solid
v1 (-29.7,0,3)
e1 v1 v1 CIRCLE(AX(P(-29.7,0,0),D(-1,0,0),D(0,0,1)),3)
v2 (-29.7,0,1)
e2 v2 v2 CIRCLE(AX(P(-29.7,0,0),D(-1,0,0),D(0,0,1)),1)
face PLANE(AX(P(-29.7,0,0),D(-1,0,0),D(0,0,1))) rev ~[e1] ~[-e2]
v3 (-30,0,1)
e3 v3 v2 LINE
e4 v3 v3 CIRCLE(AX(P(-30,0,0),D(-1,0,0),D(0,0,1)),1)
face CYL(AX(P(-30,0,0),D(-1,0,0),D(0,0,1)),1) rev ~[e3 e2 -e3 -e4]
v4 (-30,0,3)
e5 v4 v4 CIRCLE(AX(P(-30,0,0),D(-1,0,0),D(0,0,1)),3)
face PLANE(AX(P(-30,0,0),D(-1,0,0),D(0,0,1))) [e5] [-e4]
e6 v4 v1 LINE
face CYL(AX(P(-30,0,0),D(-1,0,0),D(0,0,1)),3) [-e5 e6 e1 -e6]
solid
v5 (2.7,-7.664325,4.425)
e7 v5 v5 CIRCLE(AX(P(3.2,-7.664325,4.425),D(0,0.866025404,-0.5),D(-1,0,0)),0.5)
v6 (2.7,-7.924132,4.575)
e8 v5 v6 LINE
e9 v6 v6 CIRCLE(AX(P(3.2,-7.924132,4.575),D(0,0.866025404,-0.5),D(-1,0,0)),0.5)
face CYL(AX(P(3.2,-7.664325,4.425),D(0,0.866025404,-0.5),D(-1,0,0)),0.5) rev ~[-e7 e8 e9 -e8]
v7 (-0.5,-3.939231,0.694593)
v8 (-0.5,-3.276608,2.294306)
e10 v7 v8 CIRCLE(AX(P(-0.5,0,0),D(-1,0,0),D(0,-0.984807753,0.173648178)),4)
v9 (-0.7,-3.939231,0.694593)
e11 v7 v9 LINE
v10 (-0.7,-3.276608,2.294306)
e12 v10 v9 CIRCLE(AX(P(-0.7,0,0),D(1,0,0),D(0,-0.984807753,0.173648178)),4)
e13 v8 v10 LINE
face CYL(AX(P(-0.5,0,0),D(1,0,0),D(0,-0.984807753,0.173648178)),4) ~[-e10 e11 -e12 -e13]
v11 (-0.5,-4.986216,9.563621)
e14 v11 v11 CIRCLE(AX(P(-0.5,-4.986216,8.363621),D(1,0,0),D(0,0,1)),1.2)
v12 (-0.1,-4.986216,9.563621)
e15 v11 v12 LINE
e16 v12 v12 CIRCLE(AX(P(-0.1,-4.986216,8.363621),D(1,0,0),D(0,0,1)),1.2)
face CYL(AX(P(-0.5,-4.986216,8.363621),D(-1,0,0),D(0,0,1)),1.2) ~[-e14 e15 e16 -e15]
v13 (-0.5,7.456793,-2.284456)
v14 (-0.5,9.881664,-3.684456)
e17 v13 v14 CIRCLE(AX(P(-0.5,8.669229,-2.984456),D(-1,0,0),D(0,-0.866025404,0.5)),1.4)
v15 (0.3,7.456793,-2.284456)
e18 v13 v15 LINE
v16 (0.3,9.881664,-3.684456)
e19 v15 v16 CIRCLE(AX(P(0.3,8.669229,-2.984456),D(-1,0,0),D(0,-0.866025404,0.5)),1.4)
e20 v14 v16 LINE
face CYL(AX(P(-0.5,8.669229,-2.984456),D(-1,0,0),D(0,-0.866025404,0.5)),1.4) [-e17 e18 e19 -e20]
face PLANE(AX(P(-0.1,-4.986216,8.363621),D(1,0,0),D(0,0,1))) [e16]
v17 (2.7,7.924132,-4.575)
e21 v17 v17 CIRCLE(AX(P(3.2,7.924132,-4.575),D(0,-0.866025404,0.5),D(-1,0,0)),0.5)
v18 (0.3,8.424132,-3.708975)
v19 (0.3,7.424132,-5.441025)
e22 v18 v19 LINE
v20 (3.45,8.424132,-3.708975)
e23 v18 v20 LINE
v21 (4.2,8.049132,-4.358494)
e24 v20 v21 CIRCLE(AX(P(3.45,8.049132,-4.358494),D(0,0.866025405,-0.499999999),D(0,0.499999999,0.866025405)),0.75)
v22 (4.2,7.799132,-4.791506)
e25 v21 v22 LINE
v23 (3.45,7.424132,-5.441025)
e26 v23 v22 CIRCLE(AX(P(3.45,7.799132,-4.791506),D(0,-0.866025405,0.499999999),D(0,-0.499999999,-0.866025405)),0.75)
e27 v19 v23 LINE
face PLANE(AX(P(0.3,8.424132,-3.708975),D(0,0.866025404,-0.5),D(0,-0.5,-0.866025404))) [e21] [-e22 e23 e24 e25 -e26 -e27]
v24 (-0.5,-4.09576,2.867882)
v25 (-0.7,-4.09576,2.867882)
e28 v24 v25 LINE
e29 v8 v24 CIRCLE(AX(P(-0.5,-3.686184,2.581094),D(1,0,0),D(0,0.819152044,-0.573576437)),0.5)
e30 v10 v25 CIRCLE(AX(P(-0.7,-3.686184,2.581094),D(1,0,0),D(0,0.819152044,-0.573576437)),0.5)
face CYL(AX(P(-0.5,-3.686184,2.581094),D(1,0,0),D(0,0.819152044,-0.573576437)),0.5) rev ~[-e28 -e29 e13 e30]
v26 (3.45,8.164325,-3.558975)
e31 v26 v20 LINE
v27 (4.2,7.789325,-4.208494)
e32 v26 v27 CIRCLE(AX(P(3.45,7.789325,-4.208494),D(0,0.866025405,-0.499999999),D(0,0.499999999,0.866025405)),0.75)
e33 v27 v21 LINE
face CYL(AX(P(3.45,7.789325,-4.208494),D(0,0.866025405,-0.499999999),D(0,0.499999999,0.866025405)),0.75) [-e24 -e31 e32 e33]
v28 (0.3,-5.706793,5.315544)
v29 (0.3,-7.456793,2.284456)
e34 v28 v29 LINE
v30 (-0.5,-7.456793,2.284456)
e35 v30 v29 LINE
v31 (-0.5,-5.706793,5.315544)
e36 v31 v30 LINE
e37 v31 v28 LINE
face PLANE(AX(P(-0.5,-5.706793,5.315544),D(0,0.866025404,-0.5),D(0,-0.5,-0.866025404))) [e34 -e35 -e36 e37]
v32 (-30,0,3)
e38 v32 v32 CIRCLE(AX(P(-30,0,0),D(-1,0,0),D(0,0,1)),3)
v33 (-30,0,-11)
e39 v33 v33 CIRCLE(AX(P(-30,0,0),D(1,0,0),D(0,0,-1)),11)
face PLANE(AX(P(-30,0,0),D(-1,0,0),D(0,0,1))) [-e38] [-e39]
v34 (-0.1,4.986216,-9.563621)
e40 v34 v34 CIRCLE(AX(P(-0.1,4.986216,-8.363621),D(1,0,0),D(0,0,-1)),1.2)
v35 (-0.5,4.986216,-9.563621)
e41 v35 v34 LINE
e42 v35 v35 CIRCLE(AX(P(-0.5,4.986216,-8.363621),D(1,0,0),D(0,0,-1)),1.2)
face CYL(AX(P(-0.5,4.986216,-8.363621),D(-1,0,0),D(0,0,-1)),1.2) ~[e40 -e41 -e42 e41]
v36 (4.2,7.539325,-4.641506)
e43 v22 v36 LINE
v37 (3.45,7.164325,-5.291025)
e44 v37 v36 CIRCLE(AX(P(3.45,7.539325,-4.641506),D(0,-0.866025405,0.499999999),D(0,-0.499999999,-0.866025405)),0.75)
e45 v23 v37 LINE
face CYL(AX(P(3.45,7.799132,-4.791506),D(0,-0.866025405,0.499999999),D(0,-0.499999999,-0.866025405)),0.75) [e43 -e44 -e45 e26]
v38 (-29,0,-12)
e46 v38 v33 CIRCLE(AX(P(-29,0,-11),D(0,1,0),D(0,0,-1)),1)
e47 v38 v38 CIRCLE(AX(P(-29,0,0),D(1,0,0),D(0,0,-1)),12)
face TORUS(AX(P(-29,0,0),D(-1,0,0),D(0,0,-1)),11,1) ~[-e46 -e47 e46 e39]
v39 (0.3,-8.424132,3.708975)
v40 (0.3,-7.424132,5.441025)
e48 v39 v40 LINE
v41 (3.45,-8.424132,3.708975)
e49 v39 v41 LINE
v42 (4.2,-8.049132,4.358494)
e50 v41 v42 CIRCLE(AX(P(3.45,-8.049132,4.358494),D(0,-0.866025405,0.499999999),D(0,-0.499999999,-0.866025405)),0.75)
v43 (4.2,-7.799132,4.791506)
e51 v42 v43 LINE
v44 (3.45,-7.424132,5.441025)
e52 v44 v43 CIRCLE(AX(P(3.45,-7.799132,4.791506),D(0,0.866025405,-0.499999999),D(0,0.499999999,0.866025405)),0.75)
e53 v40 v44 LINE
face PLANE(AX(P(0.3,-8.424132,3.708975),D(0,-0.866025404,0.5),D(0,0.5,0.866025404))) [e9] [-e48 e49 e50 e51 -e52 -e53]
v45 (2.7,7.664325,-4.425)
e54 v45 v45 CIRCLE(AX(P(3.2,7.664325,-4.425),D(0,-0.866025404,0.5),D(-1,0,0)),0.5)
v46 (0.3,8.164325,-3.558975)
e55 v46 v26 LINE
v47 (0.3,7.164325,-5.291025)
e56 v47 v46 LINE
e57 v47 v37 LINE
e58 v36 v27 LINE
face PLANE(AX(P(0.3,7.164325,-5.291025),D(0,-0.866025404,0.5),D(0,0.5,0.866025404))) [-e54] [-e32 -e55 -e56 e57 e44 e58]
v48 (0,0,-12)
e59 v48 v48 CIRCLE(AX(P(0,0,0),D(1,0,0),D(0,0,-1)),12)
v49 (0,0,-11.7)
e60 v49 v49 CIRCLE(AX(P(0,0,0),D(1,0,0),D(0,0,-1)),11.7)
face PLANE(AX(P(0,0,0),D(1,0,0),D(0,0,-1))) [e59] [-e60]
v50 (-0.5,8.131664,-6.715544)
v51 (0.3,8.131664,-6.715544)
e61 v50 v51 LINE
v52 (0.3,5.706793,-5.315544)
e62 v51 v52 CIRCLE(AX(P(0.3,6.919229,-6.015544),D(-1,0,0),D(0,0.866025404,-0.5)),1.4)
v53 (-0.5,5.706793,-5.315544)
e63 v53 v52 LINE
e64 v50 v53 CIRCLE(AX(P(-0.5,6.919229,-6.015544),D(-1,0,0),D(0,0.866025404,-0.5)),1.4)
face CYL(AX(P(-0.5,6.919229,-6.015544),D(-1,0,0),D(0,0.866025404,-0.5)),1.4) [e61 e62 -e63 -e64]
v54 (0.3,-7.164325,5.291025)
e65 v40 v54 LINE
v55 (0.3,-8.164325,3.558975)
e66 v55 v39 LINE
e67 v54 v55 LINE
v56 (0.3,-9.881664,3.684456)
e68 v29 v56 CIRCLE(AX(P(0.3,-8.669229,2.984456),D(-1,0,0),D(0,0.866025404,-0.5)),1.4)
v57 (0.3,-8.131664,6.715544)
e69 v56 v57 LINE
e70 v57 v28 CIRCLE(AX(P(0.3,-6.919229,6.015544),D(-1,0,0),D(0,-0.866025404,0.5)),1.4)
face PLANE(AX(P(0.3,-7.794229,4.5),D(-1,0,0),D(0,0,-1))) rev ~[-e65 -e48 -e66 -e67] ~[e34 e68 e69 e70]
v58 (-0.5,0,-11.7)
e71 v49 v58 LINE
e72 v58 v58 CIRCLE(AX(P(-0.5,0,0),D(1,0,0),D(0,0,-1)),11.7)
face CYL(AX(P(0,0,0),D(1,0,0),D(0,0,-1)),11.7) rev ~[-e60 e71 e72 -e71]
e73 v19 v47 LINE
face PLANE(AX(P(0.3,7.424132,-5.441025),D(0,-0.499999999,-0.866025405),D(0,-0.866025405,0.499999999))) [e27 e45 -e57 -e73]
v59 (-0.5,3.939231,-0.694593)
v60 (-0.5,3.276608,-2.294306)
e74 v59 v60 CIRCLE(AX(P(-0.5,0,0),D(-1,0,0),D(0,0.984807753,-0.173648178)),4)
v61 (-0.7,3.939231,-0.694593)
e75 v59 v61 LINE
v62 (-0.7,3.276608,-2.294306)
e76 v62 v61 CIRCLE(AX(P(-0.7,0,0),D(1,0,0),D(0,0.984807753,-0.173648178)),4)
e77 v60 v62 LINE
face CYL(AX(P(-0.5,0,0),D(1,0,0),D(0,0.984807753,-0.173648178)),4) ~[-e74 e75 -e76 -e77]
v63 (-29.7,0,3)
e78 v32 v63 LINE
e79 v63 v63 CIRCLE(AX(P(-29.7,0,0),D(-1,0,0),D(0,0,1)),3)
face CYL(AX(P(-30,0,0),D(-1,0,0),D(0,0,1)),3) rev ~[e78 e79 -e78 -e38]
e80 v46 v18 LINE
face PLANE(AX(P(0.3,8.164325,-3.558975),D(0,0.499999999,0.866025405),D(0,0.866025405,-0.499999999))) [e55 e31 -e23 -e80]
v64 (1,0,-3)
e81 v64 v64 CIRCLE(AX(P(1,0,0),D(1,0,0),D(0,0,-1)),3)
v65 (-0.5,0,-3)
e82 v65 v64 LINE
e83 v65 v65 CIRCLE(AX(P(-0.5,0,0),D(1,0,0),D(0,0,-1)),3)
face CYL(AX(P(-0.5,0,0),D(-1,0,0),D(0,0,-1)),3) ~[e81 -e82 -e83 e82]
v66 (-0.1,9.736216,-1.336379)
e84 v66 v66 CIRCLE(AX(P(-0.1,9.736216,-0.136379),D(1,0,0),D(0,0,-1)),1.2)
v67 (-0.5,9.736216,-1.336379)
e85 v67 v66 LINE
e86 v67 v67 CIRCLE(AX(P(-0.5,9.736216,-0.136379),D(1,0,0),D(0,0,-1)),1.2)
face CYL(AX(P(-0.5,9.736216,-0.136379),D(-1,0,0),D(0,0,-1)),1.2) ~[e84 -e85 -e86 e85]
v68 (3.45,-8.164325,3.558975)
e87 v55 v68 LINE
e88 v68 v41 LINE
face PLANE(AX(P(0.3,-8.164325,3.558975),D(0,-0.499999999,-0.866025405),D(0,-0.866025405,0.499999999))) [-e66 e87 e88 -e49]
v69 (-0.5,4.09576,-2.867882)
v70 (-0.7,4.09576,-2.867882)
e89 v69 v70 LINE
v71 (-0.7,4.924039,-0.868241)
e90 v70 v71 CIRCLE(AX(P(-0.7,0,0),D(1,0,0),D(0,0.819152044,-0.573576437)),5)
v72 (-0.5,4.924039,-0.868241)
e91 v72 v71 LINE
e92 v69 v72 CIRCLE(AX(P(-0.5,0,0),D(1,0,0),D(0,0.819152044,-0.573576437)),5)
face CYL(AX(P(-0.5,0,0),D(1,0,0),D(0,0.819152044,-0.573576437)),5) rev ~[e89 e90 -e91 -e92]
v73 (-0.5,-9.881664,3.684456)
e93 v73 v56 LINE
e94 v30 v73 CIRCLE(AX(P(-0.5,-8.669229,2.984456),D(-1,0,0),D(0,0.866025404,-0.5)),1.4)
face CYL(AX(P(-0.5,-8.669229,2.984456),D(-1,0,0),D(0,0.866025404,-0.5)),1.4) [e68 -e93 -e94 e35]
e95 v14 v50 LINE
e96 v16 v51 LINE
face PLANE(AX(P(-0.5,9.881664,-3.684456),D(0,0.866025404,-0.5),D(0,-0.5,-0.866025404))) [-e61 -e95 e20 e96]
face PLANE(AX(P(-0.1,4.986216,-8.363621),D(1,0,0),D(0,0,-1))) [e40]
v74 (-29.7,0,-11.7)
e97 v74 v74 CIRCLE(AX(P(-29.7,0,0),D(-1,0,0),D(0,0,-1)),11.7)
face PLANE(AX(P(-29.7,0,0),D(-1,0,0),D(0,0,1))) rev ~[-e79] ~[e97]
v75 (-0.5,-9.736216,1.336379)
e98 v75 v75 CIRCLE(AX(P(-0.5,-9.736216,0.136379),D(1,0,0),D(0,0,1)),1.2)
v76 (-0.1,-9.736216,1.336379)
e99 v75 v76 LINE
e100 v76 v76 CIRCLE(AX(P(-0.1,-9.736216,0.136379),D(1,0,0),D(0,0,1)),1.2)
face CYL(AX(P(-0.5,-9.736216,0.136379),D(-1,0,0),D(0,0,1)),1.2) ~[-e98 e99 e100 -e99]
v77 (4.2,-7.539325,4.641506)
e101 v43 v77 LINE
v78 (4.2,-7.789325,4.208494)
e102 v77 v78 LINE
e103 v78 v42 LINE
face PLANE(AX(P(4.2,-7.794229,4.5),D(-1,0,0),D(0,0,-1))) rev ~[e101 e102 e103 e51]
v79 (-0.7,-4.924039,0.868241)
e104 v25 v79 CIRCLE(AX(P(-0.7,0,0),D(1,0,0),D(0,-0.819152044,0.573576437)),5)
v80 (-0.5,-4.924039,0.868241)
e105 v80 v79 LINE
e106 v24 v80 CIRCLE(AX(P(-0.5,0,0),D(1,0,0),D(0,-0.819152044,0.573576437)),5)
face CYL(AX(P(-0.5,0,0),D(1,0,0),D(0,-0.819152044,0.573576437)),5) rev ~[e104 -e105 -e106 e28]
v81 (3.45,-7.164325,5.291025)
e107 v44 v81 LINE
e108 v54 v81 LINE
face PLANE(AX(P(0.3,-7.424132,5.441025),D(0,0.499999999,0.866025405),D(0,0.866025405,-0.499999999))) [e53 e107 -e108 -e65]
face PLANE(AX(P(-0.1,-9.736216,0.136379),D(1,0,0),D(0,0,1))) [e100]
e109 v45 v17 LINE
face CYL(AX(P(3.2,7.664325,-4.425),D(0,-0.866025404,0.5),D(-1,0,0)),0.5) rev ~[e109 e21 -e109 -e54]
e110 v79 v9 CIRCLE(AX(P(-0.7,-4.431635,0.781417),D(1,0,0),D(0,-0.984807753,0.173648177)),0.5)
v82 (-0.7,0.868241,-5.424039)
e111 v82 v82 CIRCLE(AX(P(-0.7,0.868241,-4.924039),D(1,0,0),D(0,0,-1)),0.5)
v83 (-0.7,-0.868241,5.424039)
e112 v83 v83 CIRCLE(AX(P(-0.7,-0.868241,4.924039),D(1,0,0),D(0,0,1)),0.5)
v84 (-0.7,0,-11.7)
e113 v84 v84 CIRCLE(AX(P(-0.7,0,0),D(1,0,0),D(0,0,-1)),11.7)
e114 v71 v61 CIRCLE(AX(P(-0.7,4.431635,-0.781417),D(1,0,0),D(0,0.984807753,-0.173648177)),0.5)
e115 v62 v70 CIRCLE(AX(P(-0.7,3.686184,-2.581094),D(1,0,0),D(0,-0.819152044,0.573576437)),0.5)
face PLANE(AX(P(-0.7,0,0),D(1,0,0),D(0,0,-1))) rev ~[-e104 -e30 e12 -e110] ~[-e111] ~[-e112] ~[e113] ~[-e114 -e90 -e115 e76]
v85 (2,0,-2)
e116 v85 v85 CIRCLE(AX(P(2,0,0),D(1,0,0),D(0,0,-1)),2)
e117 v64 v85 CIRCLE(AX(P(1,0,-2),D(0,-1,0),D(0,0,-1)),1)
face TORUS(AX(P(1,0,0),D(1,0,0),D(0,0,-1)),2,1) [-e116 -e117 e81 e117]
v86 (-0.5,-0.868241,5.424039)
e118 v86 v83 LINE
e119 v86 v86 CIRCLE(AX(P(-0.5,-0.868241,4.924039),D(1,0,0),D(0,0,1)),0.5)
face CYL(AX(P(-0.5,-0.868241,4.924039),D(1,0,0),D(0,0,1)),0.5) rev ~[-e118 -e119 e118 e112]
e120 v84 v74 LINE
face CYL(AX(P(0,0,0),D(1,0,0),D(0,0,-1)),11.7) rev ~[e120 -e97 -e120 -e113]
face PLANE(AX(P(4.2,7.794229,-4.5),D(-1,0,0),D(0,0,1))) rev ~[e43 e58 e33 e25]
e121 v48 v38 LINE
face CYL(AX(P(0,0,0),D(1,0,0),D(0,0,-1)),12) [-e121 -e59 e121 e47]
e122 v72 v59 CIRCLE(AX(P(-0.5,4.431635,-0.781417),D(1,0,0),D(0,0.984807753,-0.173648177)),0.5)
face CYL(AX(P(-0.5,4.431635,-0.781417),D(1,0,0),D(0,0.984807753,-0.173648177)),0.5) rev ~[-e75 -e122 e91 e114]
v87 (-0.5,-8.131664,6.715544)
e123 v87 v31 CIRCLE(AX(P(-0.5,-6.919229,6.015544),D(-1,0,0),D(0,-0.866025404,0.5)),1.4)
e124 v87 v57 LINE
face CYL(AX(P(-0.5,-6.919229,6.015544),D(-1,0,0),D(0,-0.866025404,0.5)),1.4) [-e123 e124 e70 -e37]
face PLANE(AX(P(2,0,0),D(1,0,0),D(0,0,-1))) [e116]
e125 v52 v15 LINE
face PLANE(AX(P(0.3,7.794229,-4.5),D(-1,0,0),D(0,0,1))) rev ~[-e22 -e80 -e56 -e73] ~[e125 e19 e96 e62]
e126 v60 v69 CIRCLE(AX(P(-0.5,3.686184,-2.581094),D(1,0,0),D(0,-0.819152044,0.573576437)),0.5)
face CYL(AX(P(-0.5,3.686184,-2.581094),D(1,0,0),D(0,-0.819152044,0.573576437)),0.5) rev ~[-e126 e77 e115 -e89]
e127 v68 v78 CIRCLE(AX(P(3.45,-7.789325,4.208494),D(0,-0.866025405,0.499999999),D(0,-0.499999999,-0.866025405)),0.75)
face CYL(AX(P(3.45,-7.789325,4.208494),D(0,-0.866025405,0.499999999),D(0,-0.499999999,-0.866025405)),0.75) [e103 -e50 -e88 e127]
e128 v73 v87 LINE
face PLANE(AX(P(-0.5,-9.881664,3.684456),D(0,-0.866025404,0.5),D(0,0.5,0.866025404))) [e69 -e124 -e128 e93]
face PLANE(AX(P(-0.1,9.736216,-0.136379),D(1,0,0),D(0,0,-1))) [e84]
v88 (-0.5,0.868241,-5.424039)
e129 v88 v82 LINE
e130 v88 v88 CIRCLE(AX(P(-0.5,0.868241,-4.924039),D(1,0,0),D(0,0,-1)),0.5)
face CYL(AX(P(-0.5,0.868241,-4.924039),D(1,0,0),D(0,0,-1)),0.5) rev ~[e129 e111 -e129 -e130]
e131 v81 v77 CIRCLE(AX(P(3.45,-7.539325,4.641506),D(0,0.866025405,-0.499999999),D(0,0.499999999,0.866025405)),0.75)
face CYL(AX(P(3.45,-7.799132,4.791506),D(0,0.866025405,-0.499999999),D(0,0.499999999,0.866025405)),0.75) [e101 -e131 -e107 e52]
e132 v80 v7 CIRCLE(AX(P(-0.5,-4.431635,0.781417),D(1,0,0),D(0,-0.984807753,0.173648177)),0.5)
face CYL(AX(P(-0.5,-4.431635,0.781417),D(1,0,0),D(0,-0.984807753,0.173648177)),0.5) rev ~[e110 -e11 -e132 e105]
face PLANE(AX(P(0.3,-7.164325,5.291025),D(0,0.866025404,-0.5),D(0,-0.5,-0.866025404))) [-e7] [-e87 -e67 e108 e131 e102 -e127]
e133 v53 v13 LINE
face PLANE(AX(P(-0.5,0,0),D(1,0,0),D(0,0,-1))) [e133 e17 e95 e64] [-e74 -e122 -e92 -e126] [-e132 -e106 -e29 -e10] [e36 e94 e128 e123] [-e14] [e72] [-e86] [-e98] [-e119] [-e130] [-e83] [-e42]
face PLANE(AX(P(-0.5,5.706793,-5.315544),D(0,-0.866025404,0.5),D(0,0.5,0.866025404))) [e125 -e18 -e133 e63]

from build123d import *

# Parameters (mm, degrees)
SKETCH1_R                = 12
SKETCH1_R_2              = 11.7
BOSS_EXTRUDE1_DEPTH      = 30
SKETCH2_R                = 11.7
BOSS_EXTRUDE2_DEPTH      = 0.2
SKETCH3_R                = 3
BOSS_EXTRUDE3_DEPTH      = 2.5
FILLET1_R                = 1
CUT_EXTRUDE1_DEPTH       = 30.5
CIRPATTERN1_COUNT        = 2
SKETCH5_R                = 0.5
CUT_EXTRUDE2_DEPTH       = 30.5
CIRPATTERN2_COUNT        = 2
SKETCH7_R                = 11.7
BOSS_EXTRUDE4_DEPTH      = 0.3
CUT_EXTRUDE3_REACH       = 34
SKETCH9_R                = 3
BOSS_EXTRUDE5_DEPTH      = 0.8
SKETCH10_R               = 1.2
BOSS_EXTRUDE6_DEPTH      = 0.4
BOSS_EXTRUDE7_DEPTH      = 3.9
SKETCH12_R               = 0.5
CUT_EXTRUDE4_DEPTH       = 8.542304845
FILLET3_R                = 0.75
CIRPATTERN3_COUNT        = 2
FILLET3_OF_CIRPATTERN3_R = 0.75
SKETCH13_R               = 3
BOSS_EXTRUDE8_DEPTH      = 0.3
SKETCH14_R               = 1
CUT_EXTRUDE5_DEPTH       = 0.3
FILLET2_R                = 1
CIRPATTERN4_COUNT        = 2


with BuildPart() as part:
    # Sketch1 → Boss-Extrude1 (new body)
    with BuildSketch(Plane(origin=(0, 0, 0), x_dir=(0, 0, -1), z_dir=(1, 0, 0))):
        Circle(SKETCH1_R)
        Circle(SKETCH1_R_2, mode=Mode.SUBTRACT)
    extrude(amount=-BOSS_EXTRUDE1_DEPTH)

    # Sketch2 → Boss-Extrude2 (add)
    with BuildSketch(Plane(origin=(-0.5, 0, 0), x_dir=(0, 0, -1), z_dir=(1, 0, 0))):
        Circle(SKETCH2_R)
    extrude(amount=-BOSS_EXTRUDE2_DEPTH)

    # Sketch3 → Boss-Extrude3 (add)
    with BuildSketch(Plane(origin=(-0.5, 0, 0), x_dir=(0, 0, -1), z_dir=(1, 0, 0))):
        Circle(SKETCH3_R)
    extrude(amount=BOSS_EXTRUDE3_DEPTH)

    # Fillet1
    fillet1_edges = [part.edges().sort_by_distance(p)[0] for p in [
        (2, 0, 3),
    ]]
    fillet(fillet1_edges, radius=FILLET1_R)

    # Sketch4 → Cut-Extrude1 (cut, through all)
    with BuildSketch(Plane(origin=(-0.5, 0, 0), x_dir=(0, 0, -1), z_dir=(1, 0, 0))):
        with BuildLine():
            ThreePointArc((2.867882182, 4.095760221), (1.913417162, 4.619397663), (0.868240888, 4.924038765))
            ThreePointArc((0.868240888, 4.924038765), (0.289012923, 4.518458977), (0.694592711, 3.939231012))
            ThreePointArc((0.694592711, 3.939231012), (1.530733729, 3.69551813), (2.294305745, 3.276608177))
            ThreePointArc((2.294305745, 3.276608177), (2.990669986, 3.399395981), (2.867882182, 4.095760221))
        make_face()
    cut_extrude1 = extrude(amount=-CUT_EXTRUDE1_DEPTH, mode=Mode.SUBTRACT)

    # CirPattern1: Cut-Extrude1 ×2 about axis
    cirpattern1_axis = Axis((0, 0, 0), (1, 0, 0))
    for i in range(1, CIRPATTERN1_COUNT):
        add(cut_extrude1.rotate(cirpattern1_axis, i * 360 / CIRPATTERN1_COUNT), mode=Mode.SUBTRACT)

    # Sketch5 → Cut-Extrude2 (cut, through all)
    with BuildSketch(Plane(origin=(-0.5, 0, 0), x_dir=(0, 0, -1), z_dir=(1, 0, 0))):
        with Locations((4.924038765, 0.868240888)):
            Circle(SKETCH5_R)
    cut_extrude2 = extrude(amount=-CUT_EXTRUDE2_DEPTH, mode=Mode.SUBTRACT)

    # CirPattern2: Cut-Extrude2 ×2 about axis
    cirpattern2_axis = Axis((0, 0, 0), (1, 0, 0))
    for i in range(1, CIRPATTERN2_COUNT):
        add(cut_extrude2.rotate(cirpattern2_axis, i * 360 / CIRPATTERN2_COUNT), mode=Mode.SUBTRACT)

    # Sketch7 → Boss-Extrude4 (add)
    with BuildSketch(Plane.ZY.offset(30)):
        Circle(SKETCH7_R)
    extrude(amount=-BOSS_EXTRUDE4_DEPTH)

    # Sketch9 → Cut-Extrude3 (cut, up to next)
    with BuildSketch(Plane.ZY.offset(30), mode=Mode.PRIVATE) as cut_extrude3_sk1:
        Circle(SKETCH9_R)
    cut_extrude3_tool1 = extrude(cut_extrude3_sk1.sketch, amount=-CUT_EXTRUDE3_REACH, mode=Mode.PRIVATE) & part.part
    add(cut_extrude3_tool1.solids().sort_by_distance((-30, 0, 0))[0], mode=Mode.SUBTRACT)

    # Sketch6 → Boss-Extrude5 (add)
    with BuildSketch(Plane(origin=(-0.5, 0, 0), x_dir=(0, 0, -1), z_dir=(1, 0, 0))):
        with BuildLine():
            Line((3.684455543, 9.881664199), (6.715544457, 8.131664199))
            ThreePointArc((6.715544457, 8.131664199), (7.227980022, 6.219228634), (5.315544457, 5.706793069))
            Line((5.315544457, 5.706793069), (2.284455543, 7.456793069))
            ThreePointArc((2.284455543, 7.456793069), (1.772019978, 9.369228634), (3.684455543, 9.881664199))
        make_face()
    boss_extrude5 = extrude(amount=BOSS_EXTRUDE5_DEPTH)

    # Sketch10 → Boss-Extrude6 (add)
    with BuildSketch(Plane(origin=(-0.5, 0, 0), x_dir=(0, 0, -1), z_dir=(1, 0, 0))):
        with Locations((0.136379332, 9.736215932)):
            Circle(SKETCH10_R)
        with Locations((8.363620668, 4.986215932)):
            Circle(SKETCH10_R)
    boss_extrude6 = extrude(amount=BOSS_EXTRUDE6_DEPTH)

    # Sketch11 → Boss-Extrude7 (add)
    with BuildSketch(Plane(origin=(0.3, 0, 0), x_dir=(0, 0, -1), z_dir=(1, 0, 0))):
        Polygon((3.708974596, 8.424132445), (5.441025404, 7.424132445), (5.291025404, 7.164324823), (3.558974596, 8.164324823), align=None)
    boss_extrude7 = extrude(amount=BOSS_EXTRUDE7_DEPTH)

    # Sketch12 → Cut-Extrude4 (cut, through all)
    with BuildSketch(Plane(origin=(0, 7.664324823, -4.425), x_dir=(-1, 0, 0), z_dir=(0, -0.866025404, 0.5))):
        with Locations((-3.2, 0)):
            Circle(SKETCH12_R)
    cut_extrude4 = extrude(amount=-CUT_EXTRUDE4_DEPTH, mode=Mode.SUBTRACT)

    # Fillet3
    fillet3_edges = [part.edges().sort_by_distance(p)[0] for p in [
        (4.2, 7.294228634, -5.366025404),
        (4.2, 8.294228634, -3.633974596),
    ]]
    fillet(fillet3_edges, radius=FILLET3_R)

    # CirPattern3: Boss-Extrude5, Boss-Extrude7, Cut-Extrude4 ×2 about axis
    cirpattern3_axis = Axis((0, 0, 0), (1, 0, 0))
    for i in range(1, CIRPATTERN3_COUNT):
        add(boss_extrude5.rotate(cirpattern3_axis, i * 360 / CIRPATTERN3_COUNT))
        add(boss_extrude7.rotate(cirpattern3_axis, i * 360 / CIRPATTERN3_COUNT))
        add(cut_extrude4.rotate(cirpattern3_axis, i * 360 / CIRPATTERN3_COUNT), mode=Mode.SUBTRACT)

    # Fillet3 of CirPattern3
    fillet3_of_cirpattern3_edges = [part.edges().sort_by_distance(p)[0] for p in [
        (4.2, -7.294228634, 5.366025404),
        (4.2, -8.294228634, 3.633974596),
    ]]
    fillet(fillet3_of_cirpattern3_edges, radius=FILLET3_OF_CIRPATTERN3_R)

    # Fillet2
    fillet2_edges = [part.edges().sort_by_distance(p)[0] for p in [
        (-30, 0, 12),
    ]]
    fillet(fillet2_edges, radius=FILLET2_R)

    # CirPattern4: Boss-Extrude6 ×2 about axis
    cirpattern4_axis = Axis((0, 0, 0), (1, 0, 0))
    for i in range(1, CIRPATTERN4_COUNT):
        add(boss_extrude6.rotate(cirpattern4_axis, i * 360 / CIRPATTERN4_COUNT))


with BuildPart() as body_2:
    # Sketch13 → Boss-Extrude8 (new body)
    with BuildSketch(Plane.ZY.offset(30)):
        Circle(SKETCH13_R)
    extrude(amount=-BOSS_EXTRUDE8_DEPTH)

    # Sketch14 → Cut-Extrude5 (cut)
    with BuildSketch(Plane.ZY.offset(30)):
        Circle(SKETCH14_R)
    extrude(amount=-CUT_EXTRUDE5_DEPTH, mode=Mode.SUBTRACT)


solid = Compound([part.part, body_2.part])
